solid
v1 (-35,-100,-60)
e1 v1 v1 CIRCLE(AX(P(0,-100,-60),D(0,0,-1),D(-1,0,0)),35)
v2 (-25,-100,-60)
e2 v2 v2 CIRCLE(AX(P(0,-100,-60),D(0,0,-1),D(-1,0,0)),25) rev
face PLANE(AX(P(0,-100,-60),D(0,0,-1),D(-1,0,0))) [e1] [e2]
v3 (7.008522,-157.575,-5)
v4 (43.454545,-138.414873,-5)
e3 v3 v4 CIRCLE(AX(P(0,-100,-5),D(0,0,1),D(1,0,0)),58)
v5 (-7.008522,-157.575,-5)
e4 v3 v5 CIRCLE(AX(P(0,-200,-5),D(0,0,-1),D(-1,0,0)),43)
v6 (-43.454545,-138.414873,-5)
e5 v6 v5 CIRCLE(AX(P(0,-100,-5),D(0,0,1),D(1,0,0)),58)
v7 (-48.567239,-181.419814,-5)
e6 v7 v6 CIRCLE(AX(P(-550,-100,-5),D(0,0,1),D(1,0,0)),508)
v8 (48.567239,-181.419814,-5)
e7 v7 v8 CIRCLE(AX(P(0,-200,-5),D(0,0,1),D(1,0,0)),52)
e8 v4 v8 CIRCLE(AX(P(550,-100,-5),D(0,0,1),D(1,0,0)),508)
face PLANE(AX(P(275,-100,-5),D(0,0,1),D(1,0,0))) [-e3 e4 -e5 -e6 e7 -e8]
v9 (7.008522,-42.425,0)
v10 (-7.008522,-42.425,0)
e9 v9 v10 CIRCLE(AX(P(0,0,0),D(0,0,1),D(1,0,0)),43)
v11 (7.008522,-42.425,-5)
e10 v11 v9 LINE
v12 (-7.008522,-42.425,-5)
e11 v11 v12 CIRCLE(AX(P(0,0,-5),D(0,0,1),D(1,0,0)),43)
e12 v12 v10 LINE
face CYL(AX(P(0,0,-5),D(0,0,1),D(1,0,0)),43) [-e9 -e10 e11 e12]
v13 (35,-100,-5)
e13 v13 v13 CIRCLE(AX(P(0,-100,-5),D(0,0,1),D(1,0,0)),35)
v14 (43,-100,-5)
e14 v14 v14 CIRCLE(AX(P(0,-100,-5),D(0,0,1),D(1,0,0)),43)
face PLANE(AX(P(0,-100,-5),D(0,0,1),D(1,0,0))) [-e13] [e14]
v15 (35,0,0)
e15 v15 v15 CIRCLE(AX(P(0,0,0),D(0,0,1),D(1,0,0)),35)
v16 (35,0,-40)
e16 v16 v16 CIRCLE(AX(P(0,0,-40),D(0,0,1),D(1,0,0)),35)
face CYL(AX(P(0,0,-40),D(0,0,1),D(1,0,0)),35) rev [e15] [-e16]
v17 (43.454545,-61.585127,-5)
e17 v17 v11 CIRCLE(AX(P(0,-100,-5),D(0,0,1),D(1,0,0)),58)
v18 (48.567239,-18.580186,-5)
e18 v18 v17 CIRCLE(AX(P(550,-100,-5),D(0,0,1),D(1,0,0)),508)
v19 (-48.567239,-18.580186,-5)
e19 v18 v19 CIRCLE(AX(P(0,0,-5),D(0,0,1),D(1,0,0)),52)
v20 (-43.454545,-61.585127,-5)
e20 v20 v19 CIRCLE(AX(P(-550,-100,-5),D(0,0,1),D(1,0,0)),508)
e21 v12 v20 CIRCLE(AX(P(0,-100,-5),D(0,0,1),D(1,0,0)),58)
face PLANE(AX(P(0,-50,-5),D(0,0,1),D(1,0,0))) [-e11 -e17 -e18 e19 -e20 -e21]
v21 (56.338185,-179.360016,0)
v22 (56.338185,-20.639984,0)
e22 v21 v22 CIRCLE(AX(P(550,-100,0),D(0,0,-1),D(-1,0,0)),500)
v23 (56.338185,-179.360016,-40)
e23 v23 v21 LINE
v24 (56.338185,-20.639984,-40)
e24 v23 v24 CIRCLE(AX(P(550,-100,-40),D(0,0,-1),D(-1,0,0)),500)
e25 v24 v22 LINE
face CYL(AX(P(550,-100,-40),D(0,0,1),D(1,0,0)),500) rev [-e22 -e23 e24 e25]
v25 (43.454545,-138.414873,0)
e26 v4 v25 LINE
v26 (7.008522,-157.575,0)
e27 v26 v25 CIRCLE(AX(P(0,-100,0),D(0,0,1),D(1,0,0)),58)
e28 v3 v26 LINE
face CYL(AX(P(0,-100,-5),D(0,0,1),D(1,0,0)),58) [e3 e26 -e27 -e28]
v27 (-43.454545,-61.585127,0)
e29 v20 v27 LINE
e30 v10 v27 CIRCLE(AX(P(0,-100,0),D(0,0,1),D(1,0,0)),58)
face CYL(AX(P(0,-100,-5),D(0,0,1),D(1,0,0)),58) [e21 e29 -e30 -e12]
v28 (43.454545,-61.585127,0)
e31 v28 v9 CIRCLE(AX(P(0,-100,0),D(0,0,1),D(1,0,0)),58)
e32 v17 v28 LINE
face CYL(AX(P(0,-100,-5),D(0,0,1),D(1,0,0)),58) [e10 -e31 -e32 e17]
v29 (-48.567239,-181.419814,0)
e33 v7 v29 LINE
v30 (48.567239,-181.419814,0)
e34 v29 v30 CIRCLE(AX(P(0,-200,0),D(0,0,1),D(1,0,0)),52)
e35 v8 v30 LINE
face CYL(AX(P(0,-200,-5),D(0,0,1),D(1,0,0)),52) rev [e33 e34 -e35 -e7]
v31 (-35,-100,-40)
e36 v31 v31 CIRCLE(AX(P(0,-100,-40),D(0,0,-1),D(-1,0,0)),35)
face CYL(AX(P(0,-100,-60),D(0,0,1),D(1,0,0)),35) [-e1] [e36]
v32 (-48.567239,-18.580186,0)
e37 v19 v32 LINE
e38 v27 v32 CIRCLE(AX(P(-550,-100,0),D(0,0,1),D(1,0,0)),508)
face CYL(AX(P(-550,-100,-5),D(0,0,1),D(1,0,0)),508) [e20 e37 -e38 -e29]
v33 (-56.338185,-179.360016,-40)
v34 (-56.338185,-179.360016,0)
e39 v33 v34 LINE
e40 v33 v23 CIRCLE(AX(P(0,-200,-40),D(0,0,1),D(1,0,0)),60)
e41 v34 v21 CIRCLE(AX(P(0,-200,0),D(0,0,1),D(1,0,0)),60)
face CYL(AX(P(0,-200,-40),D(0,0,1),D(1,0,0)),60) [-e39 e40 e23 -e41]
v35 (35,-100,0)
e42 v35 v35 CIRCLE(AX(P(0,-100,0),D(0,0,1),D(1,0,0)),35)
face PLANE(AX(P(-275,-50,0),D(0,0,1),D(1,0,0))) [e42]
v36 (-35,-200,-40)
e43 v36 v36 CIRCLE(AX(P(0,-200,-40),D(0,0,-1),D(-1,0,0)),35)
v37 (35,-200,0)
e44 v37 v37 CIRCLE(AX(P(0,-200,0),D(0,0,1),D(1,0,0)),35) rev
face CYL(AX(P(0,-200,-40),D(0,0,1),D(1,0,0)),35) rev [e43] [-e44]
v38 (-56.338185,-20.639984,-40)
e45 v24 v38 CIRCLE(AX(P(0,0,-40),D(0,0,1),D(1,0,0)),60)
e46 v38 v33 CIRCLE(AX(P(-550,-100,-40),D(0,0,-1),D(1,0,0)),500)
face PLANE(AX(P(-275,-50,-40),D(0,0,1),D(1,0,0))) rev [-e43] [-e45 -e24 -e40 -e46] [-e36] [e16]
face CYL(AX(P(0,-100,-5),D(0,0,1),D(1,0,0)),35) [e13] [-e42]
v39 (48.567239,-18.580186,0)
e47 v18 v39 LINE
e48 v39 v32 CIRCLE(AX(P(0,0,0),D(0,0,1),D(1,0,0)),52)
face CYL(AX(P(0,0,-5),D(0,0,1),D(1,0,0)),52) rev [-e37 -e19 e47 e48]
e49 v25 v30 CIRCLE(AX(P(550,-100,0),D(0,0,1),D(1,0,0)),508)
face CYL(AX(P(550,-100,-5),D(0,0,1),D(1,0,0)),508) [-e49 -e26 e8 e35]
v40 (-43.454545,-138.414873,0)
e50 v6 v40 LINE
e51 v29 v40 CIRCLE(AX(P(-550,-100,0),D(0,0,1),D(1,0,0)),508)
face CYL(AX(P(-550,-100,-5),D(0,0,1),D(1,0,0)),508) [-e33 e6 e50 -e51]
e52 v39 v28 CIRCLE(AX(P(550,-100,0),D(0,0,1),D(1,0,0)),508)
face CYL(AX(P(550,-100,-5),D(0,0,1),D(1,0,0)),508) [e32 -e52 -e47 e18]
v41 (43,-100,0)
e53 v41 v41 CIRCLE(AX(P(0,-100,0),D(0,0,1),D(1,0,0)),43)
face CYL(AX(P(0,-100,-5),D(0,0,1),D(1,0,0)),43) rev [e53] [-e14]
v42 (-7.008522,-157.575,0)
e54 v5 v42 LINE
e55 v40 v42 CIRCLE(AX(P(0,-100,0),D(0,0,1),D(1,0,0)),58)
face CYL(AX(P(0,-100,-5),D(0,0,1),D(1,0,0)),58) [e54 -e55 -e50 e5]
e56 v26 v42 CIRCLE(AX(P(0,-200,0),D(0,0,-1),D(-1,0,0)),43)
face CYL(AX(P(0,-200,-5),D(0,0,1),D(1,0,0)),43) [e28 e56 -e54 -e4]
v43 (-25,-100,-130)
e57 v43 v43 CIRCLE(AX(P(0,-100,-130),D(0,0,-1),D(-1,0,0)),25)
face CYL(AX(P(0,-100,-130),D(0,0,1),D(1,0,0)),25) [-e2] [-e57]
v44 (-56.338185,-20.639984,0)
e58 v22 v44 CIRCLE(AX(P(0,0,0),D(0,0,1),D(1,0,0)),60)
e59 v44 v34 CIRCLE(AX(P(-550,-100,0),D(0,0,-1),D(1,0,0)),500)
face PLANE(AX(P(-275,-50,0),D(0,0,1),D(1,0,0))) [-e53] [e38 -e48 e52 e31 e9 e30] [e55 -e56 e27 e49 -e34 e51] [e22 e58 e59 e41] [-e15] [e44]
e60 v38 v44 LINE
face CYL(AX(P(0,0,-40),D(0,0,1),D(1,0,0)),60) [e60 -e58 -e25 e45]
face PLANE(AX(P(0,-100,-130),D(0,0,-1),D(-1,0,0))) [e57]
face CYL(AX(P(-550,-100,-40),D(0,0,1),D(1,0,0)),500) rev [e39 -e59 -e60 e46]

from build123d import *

# Parameters (mm, degrees)
BOSS_EXTRUDE1_DEPTH     = 40
SKETCH2_R               = 43
SKETCH2_R_2             = 35
CUT_EXTRUDE1_DEPTH      = 5
SKETCH2_5_R             = 35
CUT_EXTRUDE2_DEPTH      = 1
CUT_EXTRUDE2_DEPTH_BACK = 41
SKETCH4_R               = 35
BOSS_EXTRUDE3_DEPTH     = 20
SKETCH4_4_R             = 25
BOSS_EXTRUDE4_DEPTH     = 90


with BuildPart() as part:
    # Sketch1 → Boss-Extrude1 (new body)
    with BuildSketch(Plane.XY):
        with BuildLine():
            ThreePointArc((56.338184709, -20.639984102), (0, 60), (-56.338184709, -20.639984102))
            ThreePointArc((-56.338184709, -20.639984102), (-50, -100), (-56.338184709, -179.360015898))
            ThreePointArc((-56.338184709, -179.360015898), (0, -260), (56.338184709, -179.360015898))
            ThreePointArc((56.338184709, -179.360015898), (50, -100), (56.338184709, -20.639984102))
        make_face()
    extrude(amount=-BOSS_EXTRUDE1_DEPTH)

    # Sketch2 → Cut-Extrude1 (cut)
    with BuildSketch(Plane.XY):
        with Locations((0, -100)):
            Circle(SKETCH2_R)
        with Locations((0, -100)):
            Circle(SKETCH2_R_2, mode=Mode.SUBTRACT)
        with BuildLine():
            ThreePointArc((7.008521599, -42.425), (0, 43), (-7.008521599, -42.425))
            ThreePointArc((-7.008521599, -42.425), (-26.989032945, -48.661981917), (-43.454545455, -61.585126847))
            ThreePointArc((-43.454545455, -61.585126847), (-45.552404101, -40.028148339), (-48.567238975, -18.580185639))
            ThreePointArc((-48.567238975, -18.580185639), (0, 52), (48.567238975, -18.580185639))
            ThreePointArc((48.567238975, -18.580185639), (45.552404101, -40.028148339), (43.454545455, -61.585126847))
            ThreePointArc((43.454545455, -61.585126847), (26.989032945, -48.661981917), (7.008521599, -42.425))
        make_face()
        with BuildLine():
            ThreePointArc((7.008521599, -157.575), (26.989032945, -151.338018083), (43.454545455, -138.414873153))
            ThreePointArc((43.454545455, -138.414873153), (45.552404101, -159.971851661), (48.567238975, -181.419814361))
            ThreePointArc((48.567238975, -181.419814361), (0, -252), (-48.567238975, -181.419814361))
            ThreePointArc((-48.567238975, -181.419814361), (-45.552404101, -159.971851661), (-43.454545455, -138.414873153))
            ThreePointArc((-43.454545455, -138.414873153), (-26.989032945, -151.338018083), (-7.008521599, -157.575))
            ThreePointArc((-7.008521599, -157.575), (0, -243), (7.008521599, -157.575))
        make_face()
    extrude(amount=-CUT_EXTRUDE1_DEPTH, mode=Mode.SUBTRACT)

    # Sketch2<5> → Cut-Extrude2 (cut, two sides)
    with BuildSketch(Plane.XY) as cut_extrude2_sk:
        Circle(SKETCH2_5_R)
        with Locations((0, -200)):
            Circle(SKETCH2_5_R)
    extrude(amount=CUT_EXTRUDE2_DEPTH, mode=Mode.SUBTRACT)
    extrude(cut_extrude2_sk.sketch, amount=-CUT_EXTRUDE2_DEPTH_BACK, mode=Mode.SUBTRACT)

    # Sketch4 → Boss-Extrude3 (add)
    with BuildSketch(Plane(origin=(0, 0, -40), x_dir=(-1, 0, 0), z_dir=(0, 0, -1))):
        with Locations((0, -100)):
            Circle(SKETCH4_R)
    extrude(amount=BOSS_EXTRUDE3_DEPTH)

    # Sketch4<4> → Boss-Extrude4 (add)
    with BuildSketch(Plane(origin=(0, 0, -40), x_dir=(-1, 0, 0), z_dir=(0, 0, -1))):
        with Locations((0, -100)):
            Circle(SKETCH4_4_R)
    extrude(amount=BOSS_EXTRUDE4_DEPTH)


solid = part.part
